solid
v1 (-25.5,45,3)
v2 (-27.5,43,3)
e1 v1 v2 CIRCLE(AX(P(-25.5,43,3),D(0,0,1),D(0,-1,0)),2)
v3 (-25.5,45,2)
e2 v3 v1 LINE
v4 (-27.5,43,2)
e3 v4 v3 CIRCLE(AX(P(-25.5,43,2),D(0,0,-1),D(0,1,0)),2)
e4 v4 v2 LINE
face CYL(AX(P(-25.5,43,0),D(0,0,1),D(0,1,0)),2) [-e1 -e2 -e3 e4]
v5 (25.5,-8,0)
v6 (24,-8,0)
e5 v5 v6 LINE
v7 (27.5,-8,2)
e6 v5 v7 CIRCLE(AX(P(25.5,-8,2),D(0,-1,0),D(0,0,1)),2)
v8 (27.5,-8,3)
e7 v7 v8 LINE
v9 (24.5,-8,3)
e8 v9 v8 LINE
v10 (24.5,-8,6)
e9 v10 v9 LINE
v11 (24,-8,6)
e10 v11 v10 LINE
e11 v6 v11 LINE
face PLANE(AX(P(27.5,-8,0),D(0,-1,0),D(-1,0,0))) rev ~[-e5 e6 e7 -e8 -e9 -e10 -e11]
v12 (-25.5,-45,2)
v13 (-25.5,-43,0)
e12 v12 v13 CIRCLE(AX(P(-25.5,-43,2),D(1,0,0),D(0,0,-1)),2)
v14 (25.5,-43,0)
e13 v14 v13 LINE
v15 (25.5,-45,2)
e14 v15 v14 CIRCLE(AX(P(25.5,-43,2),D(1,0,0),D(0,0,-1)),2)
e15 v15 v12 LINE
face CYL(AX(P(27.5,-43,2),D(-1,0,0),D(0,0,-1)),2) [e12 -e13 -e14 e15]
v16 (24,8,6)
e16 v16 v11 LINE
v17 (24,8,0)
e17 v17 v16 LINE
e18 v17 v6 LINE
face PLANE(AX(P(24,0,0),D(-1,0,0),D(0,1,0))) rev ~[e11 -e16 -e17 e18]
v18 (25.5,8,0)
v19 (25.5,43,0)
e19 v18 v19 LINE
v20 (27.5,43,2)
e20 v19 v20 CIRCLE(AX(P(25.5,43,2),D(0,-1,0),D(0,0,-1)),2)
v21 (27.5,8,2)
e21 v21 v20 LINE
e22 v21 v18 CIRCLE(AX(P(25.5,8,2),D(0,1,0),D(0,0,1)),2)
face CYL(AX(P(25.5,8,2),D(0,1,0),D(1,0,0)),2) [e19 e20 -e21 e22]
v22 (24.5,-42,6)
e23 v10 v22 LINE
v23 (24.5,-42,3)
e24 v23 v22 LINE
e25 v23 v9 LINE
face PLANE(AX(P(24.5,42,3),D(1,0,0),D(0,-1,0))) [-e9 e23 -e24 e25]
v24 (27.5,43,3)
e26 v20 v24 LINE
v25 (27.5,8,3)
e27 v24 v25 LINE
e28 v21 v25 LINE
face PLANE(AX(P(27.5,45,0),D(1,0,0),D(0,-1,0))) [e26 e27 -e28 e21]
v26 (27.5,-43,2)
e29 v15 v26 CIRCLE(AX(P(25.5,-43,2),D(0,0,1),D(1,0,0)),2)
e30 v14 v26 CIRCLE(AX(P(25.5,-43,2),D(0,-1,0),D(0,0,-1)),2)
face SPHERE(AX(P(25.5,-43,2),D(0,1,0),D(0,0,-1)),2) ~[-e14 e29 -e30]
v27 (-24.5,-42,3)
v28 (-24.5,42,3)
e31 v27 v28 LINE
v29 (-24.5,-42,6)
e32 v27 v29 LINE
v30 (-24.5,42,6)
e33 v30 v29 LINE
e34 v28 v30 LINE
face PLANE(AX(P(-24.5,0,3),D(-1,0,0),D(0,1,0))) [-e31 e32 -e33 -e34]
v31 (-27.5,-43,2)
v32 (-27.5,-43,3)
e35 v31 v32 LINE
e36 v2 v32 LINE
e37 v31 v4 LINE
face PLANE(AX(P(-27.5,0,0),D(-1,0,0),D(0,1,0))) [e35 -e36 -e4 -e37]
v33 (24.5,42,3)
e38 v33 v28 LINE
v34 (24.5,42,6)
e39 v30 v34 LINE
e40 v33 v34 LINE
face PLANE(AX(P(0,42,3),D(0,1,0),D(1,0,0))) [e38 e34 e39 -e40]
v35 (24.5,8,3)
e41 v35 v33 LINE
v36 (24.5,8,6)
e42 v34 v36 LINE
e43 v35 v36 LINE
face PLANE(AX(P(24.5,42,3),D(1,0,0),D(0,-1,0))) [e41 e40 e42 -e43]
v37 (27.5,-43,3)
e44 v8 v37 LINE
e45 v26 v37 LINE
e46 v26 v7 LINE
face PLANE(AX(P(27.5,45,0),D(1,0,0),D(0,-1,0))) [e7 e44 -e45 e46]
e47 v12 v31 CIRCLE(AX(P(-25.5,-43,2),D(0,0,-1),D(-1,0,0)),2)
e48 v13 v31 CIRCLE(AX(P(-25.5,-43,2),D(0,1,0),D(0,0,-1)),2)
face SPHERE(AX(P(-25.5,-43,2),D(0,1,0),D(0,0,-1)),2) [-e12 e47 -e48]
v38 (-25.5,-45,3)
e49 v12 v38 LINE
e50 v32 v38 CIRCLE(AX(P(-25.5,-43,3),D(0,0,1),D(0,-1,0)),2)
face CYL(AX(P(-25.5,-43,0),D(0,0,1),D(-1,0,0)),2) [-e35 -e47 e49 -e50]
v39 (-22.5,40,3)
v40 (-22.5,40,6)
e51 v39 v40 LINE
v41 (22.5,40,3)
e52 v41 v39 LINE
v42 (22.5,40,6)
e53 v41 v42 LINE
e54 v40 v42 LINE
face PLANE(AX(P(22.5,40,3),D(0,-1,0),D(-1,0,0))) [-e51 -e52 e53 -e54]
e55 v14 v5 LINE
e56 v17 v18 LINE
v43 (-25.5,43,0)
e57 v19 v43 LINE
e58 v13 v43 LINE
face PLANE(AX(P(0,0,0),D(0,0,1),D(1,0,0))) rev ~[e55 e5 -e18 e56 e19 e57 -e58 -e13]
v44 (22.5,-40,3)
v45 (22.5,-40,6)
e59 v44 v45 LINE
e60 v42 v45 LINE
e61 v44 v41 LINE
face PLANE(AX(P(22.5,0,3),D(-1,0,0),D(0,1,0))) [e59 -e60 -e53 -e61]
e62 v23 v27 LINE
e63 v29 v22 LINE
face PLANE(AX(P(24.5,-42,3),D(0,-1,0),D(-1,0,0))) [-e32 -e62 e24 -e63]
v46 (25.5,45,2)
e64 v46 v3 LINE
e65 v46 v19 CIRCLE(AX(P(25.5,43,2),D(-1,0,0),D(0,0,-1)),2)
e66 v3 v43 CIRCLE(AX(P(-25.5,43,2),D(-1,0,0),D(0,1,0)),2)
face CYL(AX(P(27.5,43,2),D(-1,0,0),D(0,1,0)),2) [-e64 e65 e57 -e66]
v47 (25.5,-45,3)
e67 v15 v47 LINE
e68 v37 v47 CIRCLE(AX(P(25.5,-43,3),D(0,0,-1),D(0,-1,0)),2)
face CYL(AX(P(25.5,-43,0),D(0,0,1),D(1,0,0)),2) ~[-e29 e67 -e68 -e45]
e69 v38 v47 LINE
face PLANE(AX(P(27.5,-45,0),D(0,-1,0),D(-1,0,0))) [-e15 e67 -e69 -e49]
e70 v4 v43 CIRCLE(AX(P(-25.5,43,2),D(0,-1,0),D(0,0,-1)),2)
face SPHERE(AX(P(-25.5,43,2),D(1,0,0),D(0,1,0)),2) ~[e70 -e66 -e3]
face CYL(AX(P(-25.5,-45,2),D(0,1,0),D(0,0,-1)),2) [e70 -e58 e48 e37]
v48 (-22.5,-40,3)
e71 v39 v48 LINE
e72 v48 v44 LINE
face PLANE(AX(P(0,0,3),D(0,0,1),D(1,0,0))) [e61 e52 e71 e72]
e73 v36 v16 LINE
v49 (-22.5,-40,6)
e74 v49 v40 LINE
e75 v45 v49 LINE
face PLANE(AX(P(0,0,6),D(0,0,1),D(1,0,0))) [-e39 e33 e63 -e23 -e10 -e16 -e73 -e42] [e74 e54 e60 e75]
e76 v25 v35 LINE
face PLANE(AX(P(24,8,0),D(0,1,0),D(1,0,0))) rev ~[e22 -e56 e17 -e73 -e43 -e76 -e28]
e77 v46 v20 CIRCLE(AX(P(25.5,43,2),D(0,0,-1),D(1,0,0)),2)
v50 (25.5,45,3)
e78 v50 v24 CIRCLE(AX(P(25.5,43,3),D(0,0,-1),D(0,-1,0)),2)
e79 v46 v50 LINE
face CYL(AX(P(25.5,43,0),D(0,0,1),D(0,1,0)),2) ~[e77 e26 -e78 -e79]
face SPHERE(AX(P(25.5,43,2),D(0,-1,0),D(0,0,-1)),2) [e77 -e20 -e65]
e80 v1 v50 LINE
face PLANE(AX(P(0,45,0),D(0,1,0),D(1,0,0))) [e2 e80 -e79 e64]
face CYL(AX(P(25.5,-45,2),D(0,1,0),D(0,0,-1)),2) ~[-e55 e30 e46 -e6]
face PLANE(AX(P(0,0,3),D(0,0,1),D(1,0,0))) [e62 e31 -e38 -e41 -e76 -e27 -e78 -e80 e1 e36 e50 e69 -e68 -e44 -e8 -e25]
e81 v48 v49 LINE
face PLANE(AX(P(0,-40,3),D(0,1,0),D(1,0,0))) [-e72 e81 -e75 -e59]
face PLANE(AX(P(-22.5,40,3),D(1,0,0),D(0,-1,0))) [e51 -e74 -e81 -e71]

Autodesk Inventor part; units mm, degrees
ref_plane "YZ Plane" through (0, 0, 0) normal (1, 0, 0) x (0, 1, 0)
ref_plane "XZ Plane" through (0, 0, 0) normal (0, 1, 0) x (-1, 0, 0)
ref_plane "XY Plane" through (0, 0, 0) normal (0, 0, 1) x (1, 0, 0)
sketch "Náčrt1" plane through (0, 0, 0) normal (0, 0, 1) x (1, 0, 0)
  line L0 (0, 63) -> (0, -63) projected
  line L1 (-38.5, 0) -> (38.5, 0) projected
  line L2 (27.5, -45) -> (-27.5, -45)
  line L3 (-27.5, -45) -> (-27.5, 45)
  line L4 (-27.5, 45) -> (27.5, 45)
  line L5 (27.5, 45) -> (27.5, -45)
  point P0 (0, 0)
  dimension "d0" = 55
  dimension "d1" = 90
extrude "Vysunutí1" add sketch "Náčrt1" along normal blind 3
sketch "Náčrt2" plane through (0, 0, 3) normal (0, 0, 1) x (1, 0, 0)
  line L0 (27.5, 45) -> (-27.5, 45) projected
  line L1 (-27.5, 45) -> (-27.5, -45) projected
  line L2 (-27.5, -45) -> (27.5, -45) projected
  line L3 (27.5, -45) -> (27.5, 45) projected
  line L4 (-27.5, 45) -> (-27.5, -45) projected
  line L5 (0, 63) -> (0, -63) projected
  line L6 (-38.5, 0) -> (38.5, 0) projected
  line L7 (24.5, -42) -> (-24.5, -42)
  line L8 (-24.5, -42) -> (-24.5, 42)
  line L9 (-24.5, 42) -> (24.5, 42)
  line L10 (24.5, 42) -> (24.5, -42)
  line L11 (-22.5, 40) -> (-22.5, -40)
  line L12 (-22.5, -40) -> (22.5, -40)
  line L13 (22.5, -40) -> (22.5, 40)
  line L14 (22.5, 40) -> (-22.5, 40)
  line L15 (-22.5, 0) -> (-24.5, 0)
  line L16 (-24.5, 0) -> (-24.5, -42)
  line L17 (-24.5, -42) -> (-22.5, -42)
  line L18 (-22.5, -42) -> (-22.5, 0)
  line L19 (22.5, 0) -> (24.5, 0)
  line L20 (24.5, 0) -> (24.5, -42)
  line L21 (24.5, -42) -> (22.5, -42)
  line L22 (22.5, -42) -> (22.5, 0)
  line L23 (24.5, -42) -> (-22.5, -42)
  line L24 (-22.5, -42) -> (-22.5, -40)
  line L25 (-22.5, -40) -> (24.5, -40)
  line L26 (24.5, -40) -> (24.5, -42)
  line L27 (-24.5, -42) -> (-22.5, -42)
  line L28 (-22.5, -42) -> (-22.5, -40)
  line L29 (-22.5, -40) -> (-24.5, -40)
  line L30 (-24.5, -40) -> (-24.5, -42)
  point P0 (0, 0)
  point P1 (24.5, 0)
  dimension "d8" = 49
  dimension "d9" = 84
  dimension "d10" = 2
extrude "Vysunutí2" add sketch "Náčrt2" along normal blind 3 contours L9 L10 L6 L13 L14 L5 | L5 L14 L11 L6 L8 L9 | L10 L25 L13 L6 | L10 L7 L22 L25 | L6 L11 L29 L8 | L7 L18 L12 L5 | L5 L12 L22 L7 | L29 L18 L7 L8
sketch "Náčrt3" plane through (0, 0, 0) normal (0, 0, -1) x (-1, 0, 0)
  line L0 (-27.5, 45) -> (27.5, 45) projected
  line L1 (-27.5, -45) -> (-27.5, 45) projected
  line L2 (27.5, -45) -> (-27.5, -45) projected
  line L3 (27.5, 45) -> (27.5, -45) projected
  line L4 (-27.5, -8) -> (-24, -8)
  line L5 (-24, -8) -> (-24, 8)
  line L6 (-24, 8) -> (-27.5, 8)
  line L7 (-27.5, 8) -> (-27.5, -8)
  line L8 (0, -63) -> (0, 63) projected
  line L9 (-38.5, 0) -> (38.5, 0) projected
  point P0 (0, 0)
  point P1 (-27.5, 8)
  dimension "d13" = 3.5
  dimension "d14" = 16
extrude "Vysunutí3" cut sketch "Náčrt3" against normal through all contours L6 L5 L9 L1 | L9 L5 L4 L1
fillet "Zaoblení1" radius 2 9 edges at (27.5, 26.5, 0) (0, 45, 0) (27.5, 45, 1.5) (-27.5, 45, 1.5) (-27.5, 0, 0) (27.5, -26.5, 0) (0, -45, 0) (27.5, -45, 1.5) (-27.5, -45, 1.5)
properties part number "adapter_box_lid_3D tisk"
